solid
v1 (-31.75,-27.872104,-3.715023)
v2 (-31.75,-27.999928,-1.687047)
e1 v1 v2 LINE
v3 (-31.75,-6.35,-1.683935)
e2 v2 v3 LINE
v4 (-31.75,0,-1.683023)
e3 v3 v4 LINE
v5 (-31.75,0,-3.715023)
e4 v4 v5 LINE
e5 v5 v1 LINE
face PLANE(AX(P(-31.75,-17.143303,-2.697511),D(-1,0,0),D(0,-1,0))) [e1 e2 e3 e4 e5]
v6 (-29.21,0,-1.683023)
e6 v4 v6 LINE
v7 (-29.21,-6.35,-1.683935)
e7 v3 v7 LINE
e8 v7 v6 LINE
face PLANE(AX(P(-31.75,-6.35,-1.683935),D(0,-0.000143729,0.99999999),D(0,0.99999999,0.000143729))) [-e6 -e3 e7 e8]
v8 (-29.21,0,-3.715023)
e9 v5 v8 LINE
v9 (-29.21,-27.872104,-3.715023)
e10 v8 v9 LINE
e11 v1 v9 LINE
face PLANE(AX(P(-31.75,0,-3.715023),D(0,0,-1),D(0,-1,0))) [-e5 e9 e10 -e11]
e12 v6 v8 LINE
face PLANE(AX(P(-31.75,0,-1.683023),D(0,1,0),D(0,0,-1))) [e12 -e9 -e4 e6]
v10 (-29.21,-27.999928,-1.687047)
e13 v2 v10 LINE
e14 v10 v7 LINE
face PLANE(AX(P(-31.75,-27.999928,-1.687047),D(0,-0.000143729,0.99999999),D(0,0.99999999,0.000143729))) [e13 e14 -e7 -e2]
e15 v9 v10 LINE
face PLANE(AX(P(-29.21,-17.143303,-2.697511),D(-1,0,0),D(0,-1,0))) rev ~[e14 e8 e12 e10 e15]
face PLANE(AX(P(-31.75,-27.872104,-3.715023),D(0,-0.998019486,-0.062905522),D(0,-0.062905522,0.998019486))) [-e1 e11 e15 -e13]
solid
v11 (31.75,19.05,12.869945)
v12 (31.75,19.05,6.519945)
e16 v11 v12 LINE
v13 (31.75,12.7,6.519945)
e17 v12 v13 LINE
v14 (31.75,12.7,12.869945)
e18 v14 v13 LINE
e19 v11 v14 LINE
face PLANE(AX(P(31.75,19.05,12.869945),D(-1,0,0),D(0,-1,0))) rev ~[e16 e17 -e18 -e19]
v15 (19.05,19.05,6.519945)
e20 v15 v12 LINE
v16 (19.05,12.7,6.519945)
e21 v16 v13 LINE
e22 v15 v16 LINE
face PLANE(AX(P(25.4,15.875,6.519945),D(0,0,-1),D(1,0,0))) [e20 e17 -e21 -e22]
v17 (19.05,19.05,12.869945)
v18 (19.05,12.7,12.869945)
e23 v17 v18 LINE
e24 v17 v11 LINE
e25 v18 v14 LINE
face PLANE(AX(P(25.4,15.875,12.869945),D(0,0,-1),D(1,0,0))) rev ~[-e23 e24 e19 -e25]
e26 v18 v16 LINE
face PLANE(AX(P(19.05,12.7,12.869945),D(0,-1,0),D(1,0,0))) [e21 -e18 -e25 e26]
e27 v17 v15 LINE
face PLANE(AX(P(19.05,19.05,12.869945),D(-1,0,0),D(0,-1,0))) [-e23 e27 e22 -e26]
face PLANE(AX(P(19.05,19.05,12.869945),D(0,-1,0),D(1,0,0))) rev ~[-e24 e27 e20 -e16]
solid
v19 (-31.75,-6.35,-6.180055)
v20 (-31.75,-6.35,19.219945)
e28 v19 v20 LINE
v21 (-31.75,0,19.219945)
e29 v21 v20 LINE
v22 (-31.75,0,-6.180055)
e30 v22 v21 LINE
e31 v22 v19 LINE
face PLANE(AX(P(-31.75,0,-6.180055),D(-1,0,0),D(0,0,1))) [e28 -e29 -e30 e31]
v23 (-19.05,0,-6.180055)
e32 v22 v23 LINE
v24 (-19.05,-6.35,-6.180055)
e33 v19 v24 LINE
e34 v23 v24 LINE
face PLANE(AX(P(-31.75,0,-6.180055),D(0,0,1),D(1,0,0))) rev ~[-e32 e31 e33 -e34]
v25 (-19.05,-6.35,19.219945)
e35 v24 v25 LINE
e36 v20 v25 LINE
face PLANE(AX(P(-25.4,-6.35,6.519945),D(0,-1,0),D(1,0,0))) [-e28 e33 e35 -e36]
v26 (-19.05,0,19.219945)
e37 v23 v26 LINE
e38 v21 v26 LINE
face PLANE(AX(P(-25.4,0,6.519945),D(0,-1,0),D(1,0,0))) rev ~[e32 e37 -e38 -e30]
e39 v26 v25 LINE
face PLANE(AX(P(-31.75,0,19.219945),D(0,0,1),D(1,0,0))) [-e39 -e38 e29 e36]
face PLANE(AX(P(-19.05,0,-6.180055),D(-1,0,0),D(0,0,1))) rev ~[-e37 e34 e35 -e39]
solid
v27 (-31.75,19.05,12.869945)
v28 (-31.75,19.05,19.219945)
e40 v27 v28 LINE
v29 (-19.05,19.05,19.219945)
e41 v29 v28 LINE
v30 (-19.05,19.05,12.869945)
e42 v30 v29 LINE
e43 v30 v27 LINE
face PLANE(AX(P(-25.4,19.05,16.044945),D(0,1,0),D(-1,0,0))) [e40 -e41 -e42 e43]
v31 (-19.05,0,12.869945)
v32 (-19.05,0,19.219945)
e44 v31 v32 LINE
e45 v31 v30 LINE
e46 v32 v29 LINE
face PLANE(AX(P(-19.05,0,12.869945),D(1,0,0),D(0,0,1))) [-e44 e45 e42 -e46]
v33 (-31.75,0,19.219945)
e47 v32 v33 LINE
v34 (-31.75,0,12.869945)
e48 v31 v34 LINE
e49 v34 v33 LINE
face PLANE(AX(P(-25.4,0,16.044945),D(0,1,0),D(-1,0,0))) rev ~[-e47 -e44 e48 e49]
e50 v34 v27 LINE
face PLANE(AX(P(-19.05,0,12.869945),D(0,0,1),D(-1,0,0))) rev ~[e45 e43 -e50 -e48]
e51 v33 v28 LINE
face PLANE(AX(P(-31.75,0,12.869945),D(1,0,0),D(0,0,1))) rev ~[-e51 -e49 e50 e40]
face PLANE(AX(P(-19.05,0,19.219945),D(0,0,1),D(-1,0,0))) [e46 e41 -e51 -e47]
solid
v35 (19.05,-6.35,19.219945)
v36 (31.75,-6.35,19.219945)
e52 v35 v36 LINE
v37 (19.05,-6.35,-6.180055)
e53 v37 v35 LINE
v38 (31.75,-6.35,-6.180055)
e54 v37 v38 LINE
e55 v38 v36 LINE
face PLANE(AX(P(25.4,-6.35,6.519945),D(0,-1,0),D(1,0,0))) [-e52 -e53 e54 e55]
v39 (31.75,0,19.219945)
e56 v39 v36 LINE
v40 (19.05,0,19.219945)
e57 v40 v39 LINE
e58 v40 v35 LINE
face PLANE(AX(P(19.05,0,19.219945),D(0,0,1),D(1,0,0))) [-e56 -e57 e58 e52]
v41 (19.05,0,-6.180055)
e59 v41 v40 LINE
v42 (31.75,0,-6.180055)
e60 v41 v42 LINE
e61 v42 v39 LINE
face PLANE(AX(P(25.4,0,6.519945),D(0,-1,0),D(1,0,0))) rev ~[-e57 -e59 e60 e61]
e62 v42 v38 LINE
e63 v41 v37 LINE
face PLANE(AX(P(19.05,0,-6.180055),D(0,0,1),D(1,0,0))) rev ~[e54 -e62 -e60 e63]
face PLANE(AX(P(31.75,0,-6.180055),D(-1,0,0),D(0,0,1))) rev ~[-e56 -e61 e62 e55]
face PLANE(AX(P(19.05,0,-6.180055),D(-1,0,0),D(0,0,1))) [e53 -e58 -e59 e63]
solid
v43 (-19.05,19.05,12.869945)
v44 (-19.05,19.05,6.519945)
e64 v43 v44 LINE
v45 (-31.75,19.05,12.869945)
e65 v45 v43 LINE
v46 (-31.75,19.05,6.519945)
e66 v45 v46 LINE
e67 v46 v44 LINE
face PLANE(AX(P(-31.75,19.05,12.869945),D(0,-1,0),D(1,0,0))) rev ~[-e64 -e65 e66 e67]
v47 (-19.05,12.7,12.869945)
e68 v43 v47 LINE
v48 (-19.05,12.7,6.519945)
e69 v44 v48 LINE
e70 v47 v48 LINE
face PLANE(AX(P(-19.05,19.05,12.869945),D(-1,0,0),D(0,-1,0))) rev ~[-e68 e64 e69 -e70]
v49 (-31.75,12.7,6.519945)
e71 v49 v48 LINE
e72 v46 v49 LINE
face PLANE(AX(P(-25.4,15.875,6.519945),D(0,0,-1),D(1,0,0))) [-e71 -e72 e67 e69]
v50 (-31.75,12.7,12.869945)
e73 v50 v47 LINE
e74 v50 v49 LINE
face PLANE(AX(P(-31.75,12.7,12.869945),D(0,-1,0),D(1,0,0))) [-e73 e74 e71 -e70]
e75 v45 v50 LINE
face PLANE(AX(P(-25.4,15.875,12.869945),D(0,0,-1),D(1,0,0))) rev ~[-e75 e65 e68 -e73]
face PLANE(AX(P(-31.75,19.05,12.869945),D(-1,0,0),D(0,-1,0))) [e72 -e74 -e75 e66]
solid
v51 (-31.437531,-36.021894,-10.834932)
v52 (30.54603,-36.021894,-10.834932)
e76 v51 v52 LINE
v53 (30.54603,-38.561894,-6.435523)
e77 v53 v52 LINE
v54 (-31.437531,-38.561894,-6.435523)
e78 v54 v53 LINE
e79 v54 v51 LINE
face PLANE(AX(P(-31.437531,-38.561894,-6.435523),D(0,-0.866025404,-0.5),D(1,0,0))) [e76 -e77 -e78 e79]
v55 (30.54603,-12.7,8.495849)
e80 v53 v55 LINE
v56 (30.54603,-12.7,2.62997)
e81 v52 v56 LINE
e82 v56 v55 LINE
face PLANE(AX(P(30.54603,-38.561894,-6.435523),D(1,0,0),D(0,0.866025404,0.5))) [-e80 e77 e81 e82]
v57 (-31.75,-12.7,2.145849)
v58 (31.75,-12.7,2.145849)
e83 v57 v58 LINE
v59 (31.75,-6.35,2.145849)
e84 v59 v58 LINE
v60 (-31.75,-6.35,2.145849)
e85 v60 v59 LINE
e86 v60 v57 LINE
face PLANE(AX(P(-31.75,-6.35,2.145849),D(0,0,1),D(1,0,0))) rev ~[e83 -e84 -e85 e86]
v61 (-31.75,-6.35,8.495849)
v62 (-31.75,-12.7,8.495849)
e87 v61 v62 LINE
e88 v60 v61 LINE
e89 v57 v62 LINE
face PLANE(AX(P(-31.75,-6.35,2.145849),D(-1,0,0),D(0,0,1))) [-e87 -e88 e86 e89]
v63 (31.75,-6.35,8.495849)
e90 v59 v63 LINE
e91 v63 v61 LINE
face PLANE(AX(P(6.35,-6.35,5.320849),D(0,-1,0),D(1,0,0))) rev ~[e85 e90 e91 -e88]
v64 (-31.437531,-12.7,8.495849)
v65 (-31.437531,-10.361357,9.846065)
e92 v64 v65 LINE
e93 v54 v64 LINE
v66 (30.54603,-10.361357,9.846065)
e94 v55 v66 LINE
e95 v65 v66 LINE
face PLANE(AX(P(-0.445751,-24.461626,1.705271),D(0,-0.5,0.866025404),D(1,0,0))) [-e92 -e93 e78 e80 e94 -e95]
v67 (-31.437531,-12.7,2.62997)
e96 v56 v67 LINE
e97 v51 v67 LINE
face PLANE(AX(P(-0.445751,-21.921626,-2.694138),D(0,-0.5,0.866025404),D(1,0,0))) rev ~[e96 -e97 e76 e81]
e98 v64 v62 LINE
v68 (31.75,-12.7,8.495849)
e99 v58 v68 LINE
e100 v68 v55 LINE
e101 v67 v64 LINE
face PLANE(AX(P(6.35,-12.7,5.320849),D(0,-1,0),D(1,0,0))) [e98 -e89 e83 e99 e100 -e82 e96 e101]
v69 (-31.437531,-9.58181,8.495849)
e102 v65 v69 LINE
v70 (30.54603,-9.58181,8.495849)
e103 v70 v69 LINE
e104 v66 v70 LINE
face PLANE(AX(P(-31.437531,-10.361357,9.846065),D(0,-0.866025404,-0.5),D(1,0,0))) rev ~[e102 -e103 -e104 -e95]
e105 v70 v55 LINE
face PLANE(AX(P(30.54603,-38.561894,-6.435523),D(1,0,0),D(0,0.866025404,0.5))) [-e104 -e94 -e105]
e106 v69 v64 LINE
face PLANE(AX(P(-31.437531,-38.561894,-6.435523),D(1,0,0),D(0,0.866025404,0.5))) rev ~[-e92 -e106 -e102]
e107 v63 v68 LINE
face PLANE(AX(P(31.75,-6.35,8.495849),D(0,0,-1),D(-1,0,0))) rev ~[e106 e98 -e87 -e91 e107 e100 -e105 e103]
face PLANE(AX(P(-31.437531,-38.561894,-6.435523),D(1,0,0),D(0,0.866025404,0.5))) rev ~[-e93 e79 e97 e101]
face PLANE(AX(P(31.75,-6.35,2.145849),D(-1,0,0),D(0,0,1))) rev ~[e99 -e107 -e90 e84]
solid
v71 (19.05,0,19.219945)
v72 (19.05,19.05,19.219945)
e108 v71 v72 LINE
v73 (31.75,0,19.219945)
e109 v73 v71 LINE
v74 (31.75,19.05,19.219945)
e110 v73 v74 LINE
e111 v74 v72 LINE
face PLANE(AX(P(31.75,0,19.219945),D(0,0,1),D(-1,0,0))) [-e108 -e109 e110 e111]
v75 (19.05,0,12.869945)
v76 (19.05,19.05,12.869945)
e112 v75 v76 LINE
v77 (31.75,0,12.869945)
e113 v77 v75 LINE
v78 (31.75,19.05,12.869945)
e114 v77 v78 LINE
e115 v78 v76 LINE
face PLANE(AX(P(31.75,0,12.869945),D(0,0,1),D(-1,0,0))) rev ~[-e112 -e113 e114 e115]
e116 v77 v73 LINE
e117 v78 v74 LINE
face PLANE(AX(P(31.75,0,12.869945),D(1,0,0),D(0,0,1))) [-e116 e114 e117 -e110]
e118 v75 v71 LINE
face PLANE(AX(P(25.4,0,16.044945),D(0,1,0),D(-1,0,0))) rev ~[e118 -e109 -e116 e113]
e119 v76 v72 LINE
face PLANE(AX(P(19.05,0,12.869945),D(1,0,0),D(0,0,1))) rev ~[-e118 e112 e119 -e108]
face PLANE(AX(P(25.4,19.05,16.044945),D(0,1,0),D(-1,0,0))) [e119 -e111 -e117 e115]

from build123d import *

# Parameters (mm, degrees)
F0_W      = 12.7
F0_H      = 25.4
F1_DEPTH  = 6.35
F2_W      = 12.7
F2_H      = 6.35
F4_DEPTH  = 19.05
F3_W      = 12.7
F3_H      = 6.35
F5_W      = 12.7
F5_H      = 6.35
F7_DEPTH  = 6.35
F6_W      = 12.7
F6_H      = 6.35
F8_W      = 50.8
F8_H      = 6.35
F8_W_2    = 12.7
F9_DEPTH  = 6.35
F11_W     = 61.9835611433
F11_H     = 32.5631750748
F12_DEPTH = 5.08
F14_DEPTH = 2.54
F15_R     = 0.635
F16_DEPTH = 2.54


with BuildPart() as f1:
    # F0 (on Front) → F1 (new body)
    with BuildSketch(Plane.XZ):
        with Locations((-25.4, 6.5199454318)):
            Rectangle(F0_W, F0_H)
    extrude(amount=F1_DEPTH)

    # F15 (on face) → F16 (cut)
    with BuildSketch(Plane(origin=(-31.75, 0, 0), x_dir=(0, -1, 0), z_dir=(-1, 0, 0))):
        with Locations((1.8122547523, -2.6470723096)):
            Circle(F15_R)
        with Locations((26.4526117745, -2.6470723096)):
            Circle(F15_R)
    extrude(amount=F16_DEPTH, mode=Mode.SUBTRACT)


with BuildPart() as f1b:
    # F0 (on Front) → F1, piece 2 (new body)
    with BuildSketch(Plane.XZ):
        with Locations((25.4, 6.5199454318)):
            Rectangle(F0_W, F0_H)
    extrude(amount=F1_DEPTH)


with BuildPart() as f4:
    # F2 (on face) → F4 (new body)
    with BuildSketch(Plane(origin=(0, 0, 0), x_dir=(-1, 0, 0), z_dir=(0, 1, 0))):
        with Locations((-25.4, 16.0449454318)):
            Rectangle(F2_W, F2_H)
    extrude(amount=F4_DEPTH)


with BuildPart() as f4b:
    # F3 (on face) → F4, piece 2 (new body)
    with BuildSketch(Plane(origin=(0, 0, 0), x_dir=(-1, 0, 0), z_dir=(0, 1, 0))):
        with Locations((25.4, 16.0449454318)):
            Rectangle(F3_W, F3_H)
    extrude(amount=F4_DEPTH)


with BuildPart() as f7:
    # F5 (on face) → F7 (new body)
    with BuildSketch(Plane(origin=(0, 0, 12.8699454318), x_dir=(1, 0, 0), z_dir=(0, 0, -1))):
        with Locations((25.4, -15.875)):
            Rectangle(F5_W, F5_H)
    extrude(amount=F7_DEPTH)


with BuildPart() as f7b:
    # F6 (on face) → F7, piece 2 (new body)
    with BuildSketch(Plane(origin=(0, 0, 12.8699454318), x_dir=(1, 0, 0), z_dir=(0, 0, -1))):
        with Locations((-25.4, -15.875)):
            Rectangle(F6_W, F6_H)
    extrude(amount=F7_DEPTH)


with BuildPart() as f9:
    # F8 (on face) → F9 (new body)
    with BuildSketch(Plane.XZ.offset(6.35)):
        with Locations((6.35, 5.3208485242)):
            Rectangle(F8_W, F8_H)
        with Locations((-25.4, 5.3208485242)):
            Rectangle(F8_W_2, F8_H)
    extrude(amount=F9_DEPTH)

    # F11 (on face) → F12 (join)
    with BuildSketch(Plane(origin=(0, -6.8538103243, 11.8711477072), x_dir=(1, 0, 0), z_dir=(0, -0.5, 0.8660254038))):
        with Locations((-0.445750542, -20.3317538835)):
            Rectangle(F11_W, F11_H)
    extrude(amount=-F12_DEPTH)


with BuildPart() as f14:
    # F13 (on face) → F14 (new body)
    with BuildSketch(Plane(origin=(-31.75, 0, 0), x_dir=(0, -1, 0), z_dir=(-1, 0, 0))):
        Polygon((27.9999282211, -1.6870471141), (6.35, -1.6839353901), (6.35, -3.7150227105), (27.8721041995, -3.7150227105), align=None)
        Polygon((6.35, -1.6839353901), (0, -1.6830227105), (0, -3.7150227105), (6.35, -3.7150227105), align=None)
    extrude(amount=-F14_DEPTH)


solid = Compound([f1.part, f1b.part, f4.part, f4b.part, f7.part, f7b.part, f9.part, f14.part])
